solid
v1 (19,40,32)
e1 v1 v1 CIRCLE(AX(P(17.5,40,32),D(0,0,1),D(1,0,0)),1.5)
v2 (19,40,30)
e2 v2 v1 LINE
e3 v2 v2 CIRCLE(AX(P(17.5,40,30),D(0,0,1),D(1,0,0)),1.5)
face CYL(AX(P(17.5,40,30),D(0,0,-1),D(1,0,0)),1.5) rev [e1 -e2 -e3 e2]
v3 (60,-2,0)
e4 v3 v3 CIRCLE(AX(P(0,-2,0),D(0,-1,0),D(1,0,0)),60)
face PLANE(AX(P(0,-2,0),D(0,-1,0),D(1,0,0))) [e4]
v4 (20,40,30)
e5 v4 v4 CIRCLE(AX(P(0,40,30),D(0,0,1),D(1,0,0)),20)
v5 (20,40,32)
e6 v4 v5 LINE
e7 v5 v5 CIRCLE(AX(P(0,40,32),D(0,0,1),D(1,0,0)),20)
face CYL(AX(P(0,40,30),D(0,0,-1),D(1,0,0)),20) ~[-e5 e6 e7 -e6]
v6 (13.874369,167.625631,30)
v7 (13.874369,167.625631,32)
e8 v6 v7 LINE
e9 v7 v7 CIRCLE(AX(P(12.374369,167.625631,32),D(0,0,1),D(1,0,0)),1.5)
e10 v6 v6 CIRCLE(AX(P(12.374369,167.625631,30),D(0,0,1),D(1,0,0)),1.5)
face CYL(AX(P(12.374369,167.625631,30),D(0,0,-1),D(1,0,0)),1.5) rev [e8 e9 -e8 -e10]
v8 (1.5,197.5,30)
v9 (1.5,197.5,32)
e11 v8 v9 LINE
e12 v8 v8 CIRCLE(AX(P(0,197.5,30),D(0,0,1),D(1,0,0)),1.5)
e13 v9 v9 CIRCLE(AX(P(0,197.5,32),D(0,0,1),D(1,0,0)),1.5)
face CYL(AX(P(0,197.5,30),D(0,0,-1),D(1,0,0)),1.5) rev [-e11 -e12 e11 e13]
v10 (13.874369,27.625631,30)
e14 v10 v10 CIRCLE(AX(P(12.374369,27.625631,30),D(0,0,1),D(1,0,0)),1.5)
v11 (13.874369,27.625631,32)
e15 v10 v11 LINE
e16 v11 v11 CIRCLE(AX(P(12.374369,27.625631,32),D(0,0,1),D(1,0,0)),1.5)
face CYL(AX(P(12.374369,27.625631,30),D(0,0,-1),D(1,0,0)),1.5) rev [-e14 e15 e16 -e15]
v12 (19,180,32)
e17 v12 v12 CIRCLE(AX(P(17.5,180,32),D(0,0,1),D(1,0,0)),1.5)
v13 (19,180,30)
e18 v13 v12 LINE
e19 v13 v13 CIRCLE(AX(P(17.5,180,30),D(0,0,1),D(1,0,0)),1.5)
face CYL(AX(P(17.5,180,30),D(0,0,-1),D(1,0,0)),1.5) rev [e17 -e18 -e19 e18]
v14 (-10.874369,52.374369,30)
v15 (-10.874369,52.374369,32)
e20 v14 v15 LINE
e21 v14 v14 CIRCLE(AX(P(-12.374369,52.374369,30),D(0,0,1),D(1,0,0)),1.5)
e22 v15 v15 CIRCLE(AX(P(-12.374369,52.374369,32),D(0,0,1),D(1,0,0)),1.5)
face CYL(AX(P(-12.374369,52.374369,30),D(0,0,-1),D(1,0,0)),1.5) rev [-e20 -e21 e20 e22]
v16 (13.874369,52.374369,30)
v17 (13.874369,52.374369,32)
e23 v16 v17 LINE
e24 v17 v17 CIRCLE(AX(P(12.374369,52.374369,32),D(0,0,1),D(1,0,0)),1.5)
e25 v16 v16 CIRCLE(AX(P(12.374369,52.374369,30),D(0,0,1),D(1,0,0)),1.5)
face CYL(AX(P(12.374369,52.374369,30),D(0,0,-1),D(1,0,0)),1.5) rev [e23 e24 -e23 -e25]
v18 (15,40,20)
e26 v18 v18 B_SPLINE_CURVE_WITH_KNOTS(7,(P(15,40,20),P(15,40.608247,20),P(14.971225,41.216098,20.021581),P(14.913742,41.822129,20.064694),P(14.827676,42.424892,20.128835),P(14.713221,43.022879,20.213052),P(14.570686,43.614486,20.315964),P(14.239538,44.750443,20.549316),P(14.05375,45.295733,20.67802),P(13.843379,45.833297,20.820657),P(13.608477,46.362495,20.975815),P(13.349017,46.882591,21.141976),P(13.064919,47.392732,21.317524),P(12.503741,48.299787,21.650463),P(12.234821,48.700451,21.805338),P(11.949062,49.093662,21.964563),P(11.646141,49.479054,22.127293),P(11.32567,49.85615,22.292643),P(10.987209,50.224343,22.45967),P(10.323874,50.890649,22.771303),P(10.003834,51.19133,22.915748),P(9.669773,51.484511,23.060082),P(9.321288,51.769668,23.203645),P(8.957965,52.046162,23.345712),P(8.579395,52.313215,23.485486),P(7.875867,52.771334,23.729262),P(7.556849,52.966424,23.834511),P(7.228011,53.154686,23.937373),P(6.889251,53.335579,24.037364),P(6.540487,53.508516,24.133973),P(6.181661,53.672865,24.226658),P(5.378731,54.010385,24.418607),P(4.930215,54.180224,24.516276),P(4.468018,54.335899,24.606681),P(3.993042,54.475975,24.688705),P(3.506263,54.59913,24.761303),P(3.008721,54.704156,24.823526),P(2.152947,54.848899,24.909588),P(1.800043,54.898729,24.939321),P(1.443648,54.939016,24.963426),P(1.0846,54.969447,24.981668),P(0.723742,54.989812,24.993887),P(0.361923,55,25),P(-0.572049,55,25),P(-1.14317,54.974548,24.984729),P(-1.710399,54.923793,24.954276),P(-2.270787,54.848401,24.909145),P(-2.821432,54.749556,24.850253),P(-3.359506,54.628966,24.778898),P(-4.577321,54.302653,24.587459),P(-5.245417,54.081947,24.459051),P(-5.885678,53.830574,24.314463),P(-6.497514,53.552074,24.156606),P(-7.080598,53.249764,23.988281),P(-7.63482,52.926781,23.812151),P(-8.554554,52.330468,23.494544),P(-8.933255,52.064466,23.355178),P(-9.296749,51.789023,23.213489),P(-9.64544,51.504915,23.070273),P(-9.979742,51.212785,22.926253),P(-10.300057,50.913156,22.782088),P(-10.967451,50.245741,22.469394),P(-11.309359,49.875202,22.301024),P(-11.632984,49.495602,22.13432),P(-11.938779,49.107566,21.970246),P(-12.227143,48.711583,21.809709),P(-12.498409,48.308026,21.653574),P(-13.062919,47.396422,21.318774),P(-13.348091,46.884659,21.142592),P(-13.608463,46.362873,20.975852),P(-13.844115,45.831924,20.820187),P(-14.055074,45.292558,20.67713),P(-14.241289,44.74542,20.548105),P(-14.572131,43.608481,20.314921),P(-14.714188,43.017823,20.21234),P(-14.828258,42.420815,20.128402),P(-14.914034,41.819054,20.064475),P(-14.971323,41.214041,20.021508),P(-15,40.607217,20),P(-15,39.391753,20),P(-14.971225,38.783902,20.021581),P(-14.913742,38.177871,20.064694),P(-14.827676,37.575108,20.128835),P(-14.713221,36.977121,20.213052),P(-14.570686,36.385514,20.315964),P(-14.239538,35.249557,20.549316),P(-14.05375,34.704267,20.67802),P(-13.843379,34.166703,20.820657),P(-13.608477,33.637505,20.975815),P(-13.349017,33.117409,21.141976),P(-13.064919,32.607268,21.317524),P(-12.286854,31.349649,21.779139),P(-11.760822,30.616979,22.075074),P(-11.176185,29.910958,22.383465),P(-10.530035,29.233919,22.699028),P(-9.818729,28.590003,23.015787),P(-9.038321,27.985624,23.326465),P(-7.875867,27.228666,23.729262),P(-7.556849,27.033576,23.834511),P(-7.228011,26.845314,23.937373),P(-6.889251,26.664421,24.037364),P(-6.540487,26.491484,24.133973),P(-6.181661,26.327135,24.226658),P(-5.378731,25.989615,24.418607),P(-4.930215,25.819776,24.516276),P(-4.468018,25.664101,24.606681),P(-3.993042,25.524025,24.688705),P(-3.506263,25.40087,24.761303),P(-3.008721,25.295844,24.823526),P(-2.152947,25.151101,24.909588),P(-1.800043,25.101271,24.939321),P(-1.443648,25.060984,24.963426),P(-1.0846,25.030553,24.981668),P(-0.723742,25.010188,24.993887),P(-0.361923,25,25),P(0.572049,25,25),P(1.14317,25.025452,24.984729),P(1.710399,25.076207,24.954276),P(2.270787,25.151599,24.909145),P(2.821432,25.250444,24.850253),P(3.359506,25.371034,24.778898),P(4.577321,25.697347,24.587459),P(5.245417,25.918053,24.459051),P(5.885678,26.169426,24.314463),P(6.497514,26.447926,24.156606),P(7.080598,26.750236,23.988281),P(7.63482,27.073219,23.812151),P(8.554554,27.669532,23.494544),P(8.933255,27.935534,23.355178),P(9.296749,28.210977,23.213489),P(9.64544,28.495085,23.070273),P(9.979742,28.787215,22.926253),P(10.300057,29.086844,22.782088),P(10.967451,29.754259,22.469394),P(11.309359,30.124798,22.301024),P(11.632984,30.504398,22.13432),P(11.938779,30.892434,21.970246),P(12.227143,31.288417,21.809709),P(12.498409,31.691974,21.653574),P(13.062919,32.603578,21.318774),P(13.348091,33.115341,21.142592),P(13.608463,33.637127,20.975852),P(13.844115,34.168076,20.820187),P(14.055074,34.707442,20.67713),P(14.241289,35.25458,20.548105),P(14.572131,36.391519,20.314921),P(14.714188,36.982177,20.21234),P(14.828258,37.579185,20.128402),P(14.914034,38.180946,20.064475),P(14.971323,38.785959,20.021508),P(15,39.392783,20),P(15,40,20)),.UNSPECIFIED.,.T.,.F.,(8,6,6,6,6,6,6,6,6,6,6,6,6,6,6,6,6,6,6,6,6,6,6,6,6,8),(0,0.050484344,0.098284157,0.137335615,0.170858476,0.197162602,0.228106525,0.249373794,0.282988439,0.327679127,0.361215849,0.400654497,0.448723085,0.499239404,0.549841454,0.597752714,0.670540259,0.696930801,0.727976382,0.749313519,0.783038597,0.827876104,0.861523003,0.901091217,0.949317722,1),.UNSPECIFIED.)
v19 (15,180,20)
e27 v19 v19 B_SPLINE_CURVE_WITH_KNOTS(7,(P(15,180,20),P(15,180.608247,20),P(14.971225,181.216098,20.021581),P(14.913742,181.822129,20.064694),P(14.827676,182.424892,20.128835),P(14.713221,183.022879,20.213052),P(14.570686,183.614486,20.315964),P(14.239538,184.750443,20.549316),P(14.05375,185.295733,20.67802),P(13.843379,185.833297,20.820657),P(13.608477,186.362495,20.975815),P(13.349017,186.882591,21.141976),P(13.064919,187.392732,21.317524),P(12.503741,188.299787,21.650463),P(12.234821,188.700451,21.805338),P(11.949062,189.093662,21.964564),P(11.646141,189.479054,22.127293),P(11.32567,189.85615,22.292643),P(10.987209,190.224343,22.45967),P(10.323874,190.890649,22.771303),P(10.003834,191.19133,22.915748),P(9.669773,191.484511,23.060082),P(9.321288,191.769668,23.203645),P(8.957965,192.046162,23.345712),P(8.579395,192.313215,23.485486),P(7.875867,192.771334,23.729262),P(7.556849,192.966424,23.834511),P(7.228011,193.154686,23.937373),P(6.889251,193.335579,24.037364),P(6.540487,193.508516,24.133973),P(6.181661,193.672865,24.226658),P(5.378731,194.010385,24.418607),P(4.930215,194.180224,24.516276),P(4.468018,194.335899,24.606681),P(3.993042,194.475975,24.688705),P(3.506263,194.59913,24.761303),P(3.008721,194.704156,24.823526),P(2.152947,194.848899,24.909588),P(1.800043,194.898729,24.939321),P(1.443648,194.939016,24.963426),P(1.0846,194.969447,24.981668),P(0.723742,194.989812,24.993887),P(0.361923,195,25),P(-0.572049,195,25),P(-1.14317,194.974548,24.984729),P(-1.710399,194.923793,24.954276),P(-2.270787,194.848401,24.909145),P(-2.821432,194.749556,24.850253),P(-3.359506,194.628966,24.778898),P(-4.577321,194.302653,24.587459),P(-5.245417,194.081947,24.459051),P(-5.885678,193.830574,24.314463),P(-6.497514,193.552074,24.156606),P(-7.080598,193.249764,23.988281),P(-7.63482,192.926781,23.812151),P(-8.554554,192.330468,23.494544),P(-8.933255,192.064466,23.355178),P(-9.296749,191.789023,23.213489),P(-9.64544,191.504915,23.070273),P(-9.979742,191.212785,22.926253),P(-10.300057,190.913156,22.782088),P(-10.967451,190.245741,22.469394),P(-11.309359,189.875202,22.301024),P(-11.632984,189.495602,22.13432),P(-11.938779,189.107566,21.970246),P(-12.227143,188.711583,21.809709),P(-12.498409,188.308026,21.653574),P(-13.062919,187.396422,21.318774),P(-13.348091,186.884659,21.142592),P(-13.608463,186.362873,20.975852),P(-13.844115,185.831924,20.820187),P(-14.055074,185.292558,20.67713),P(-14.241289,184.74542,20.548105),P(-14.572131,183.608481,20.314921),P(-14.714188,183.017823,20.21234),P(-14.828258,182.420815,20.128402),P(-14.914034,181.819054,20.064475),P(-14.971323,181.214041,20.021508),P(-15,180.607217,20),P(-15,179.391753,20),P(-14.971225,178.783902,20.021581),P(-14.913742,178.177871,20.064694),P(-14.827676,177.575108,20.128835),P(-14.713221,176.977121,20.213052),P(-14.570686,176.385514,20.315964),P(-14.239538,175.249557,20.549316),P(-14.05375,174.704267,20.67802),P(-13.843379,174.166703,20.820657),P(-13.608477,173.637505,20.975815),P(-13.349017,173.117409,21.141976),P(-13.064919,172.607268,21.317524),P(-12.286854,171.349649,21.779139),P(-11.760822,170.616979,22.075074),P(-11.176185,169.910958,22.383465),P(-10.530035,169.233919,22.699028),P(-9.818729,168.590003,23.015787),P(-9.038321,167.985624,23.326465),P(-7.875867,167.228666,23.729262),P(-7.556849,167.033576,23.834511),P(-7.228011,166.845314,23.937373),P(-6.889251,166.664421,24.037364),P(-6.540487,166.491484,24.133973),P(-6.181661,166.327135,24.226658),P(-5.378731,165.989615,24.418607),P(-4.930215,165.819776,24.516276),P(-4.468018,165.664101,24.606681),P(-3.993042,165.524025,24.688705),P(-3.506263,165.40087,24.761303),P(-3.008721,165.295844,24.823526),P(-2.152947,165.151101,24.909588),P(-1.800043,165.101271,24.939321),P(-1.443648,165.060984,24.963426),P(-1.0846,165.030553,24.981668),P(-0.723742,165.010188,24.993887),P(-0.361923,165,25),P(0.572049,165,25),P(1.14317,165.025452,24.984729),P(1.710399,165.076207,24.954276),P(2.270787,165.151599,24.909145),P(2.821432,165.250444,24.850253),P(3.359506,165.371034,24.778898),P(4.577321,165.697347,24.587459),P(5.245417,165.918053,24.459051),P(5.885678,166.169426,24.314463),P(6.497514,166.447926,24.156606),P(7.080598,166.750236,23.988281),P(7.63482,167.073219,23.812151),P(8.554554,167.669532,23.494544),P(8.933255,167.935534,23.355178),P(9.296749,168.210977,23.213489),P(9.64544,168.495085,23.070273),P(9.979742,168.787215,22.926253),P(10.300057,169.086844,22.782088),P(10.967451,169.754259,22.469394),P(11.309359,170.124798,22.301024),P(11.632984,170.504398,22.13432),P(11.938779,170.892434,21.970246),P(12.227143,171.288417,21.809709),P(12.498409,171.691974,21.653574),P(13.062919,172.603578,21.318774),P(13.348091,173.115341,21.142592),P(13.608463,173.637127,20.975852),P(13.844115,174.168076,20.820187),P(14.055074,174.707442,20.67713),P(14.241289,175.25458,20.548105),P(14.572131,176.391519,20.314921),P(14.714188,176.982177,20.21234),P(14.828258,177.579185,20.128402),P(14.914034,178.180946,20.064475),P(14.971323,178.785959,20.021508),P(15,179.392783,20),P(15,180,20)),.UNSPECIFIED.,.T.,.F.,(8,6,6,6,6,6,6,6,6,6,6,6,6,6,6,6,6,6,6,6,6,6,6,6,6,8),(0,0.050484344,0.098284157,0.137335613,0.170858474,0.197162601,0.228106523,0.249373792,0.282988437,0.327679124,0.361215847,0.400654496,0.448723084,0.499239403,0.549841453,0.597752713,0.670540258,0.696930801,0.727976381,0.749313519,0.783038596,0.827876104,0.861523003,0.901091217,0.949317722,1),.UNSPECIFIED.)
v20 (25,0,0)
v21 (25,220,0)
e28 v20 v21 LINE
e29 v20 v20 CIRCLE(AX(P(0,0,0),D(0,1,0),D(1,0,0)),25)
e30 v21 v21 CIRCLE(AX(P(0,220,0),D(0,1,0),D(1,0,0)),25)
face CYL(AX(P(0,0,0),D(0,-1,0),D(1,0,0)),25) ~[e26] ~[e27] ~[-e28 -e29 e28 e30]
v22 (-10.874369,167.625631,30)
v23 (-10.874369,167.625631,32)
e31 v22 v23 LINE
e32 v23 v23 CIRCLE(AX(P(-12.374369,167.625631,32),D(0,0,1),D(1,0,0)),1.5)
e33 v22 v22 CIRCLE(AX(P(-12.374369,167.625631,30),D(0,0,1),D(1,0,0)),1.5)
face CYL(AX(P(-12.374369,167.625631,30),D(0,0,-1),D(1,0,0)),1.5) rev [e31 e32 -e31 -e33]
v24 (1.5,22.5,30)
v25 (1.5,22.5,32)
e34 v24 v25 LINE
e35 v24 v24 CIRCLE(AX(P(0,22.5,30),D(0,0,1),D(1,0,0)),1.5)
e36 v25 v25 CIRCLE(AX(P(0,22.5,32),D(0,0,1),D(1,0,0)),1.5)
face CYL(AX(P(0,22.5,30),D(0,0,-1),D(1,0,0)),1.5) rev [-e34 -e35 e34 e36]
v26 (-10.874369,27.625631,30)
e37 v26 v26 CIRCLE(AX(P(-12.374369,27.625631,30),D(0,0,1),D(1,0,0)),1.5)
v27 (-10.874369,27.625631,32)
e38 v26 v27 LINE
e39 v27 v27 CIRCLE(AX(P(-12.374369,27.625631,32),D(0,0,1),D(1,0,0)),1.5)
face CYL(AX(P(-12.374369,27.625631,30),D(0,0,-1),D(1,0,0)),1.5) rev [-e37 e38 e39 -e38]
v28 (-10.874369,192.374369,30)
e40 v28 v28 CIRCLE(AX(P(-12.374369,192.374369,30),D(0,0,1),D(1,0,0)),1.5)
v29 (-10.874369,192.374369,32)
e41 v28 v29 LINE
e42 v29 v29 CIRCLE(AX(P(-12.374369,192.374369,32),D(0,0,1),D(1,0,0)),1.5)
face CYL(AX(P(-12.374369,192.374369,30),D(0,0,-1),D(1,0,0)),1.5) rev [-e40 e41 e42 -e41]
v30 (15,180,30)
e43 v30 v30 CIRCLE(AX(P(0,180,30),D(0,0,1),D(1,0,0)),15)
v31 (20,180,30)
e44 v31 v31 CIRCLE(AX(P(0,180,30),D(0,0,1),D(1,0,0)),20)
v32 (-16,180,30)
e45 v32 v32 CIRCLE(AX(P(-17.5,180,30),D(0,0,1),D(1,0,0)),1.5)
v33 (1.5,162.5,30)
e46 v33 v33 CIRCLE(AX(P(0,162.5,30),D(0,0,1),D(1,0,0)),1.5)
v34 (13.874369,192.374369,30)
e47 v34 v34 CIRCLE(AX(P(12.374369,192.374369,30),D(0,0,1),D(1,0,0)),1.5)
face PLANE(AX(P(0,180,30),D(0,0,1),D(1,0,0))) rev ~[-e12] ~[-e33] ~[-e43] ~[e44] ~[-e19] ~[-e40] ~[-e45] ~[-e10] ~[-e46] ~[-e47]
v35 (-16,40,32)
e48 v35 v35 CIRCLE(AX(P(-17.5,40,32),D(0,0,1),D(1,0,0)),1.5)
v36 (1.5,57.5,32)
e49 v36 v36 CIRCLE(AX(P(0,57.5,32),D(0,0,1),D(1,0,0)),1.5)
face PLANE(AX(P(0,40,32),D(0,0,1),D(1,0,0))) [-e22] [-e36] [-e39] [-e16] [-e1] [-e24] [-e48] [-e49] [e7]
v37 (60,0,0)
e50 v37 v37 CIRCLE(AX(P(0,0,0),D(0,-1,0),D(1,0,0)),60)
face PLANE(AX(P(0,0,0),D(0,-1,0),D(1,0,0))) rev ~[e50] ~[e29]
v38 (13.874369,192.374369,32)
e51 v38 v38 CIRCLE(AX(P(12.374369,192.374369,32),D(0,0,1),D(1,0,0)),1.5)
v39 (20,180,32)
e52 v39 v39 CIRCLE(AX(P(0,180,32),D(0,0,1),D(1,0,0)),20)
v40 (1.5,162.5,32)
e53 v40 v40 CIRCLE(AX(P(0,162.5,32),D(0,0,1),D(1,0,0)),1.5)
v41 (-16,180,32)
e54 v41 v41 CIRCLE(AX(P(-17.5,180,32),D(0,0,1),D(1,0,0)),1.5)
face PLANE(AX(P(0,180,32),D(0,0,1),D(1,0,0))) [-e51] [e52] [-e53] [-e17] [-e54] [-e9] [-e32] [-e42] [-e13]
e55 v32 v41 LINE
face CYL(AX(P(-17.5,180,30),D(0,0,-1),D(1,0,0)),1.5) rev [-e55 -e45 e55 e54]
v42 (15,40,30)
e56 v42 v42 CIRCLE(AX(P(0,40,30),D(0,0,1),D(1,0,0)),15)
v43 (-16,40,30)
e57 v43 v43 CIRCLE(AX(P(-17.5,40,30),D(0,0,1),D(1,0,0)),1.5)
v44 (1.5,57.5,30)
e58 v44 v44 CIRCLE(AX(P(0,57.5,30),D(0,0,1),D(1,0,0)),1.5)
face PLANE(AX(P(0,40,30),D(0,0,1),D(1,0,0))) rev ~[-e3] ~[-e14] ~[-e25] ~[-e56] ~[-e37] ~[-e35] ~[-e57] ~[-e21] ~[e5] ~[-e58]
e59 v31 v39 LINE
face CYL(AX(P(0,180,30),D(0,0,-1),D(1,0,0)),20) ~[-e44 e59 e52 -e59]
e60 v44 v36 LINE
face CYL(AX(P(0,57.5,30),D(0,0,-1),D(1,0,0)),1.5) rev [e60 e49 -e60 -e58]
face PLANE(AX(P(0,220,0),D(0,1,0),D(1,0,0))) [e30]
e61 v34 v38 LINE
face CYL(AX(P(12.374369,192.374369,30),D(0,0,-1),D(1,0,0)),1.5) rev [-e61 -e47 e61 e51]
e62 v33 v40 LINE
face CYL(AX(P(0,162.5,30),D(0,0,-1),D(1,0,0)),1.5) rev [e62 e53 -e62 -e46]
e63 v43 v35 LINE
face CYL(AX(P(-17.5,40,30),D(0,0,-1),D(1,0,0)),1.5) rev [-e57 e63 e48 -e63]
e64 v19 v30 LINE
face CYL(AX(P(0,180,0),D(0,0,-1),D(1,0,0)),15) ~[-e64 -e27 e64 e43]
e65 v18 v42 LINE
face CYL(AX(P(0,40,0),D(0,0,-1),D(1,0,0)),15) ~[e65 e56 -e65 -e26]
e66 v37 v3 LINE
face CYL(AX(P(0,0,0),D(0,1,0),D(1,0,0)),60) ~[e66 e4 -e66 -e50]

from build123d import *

# Parameters (mm, degrees)
SKETCH1_R           = 25
BOSS_EXTRUDE1_DEPTH = 220
SKETCH2_R           = 15
BOSS_EXTRUDE2_DEPTH = 30
SKETCH3_R           = 20
SKETCH3_R_2         = 1.5
BOSS_EXTRUDE4_DEPTH = 2
SKETCH4_R           = 60
BOSS_EXTRUDE5_DEPTH = 2


with BuildPart() as part:
    # Sketch1 → Boss-Extrude1 (new body)
    with BuildSketch(Plane(origin=(0, 0, 0), x_dir=(1, 0, 0), z_dir=(0, 1, 0))):
        Circle(SKETCH1_R)
    extrude(amount=BOSS_EXTRUDE1_DEPTH)

    # Sketch2 → Boss-Extrude2 (add)
    with BuildSketch(Plane.XY):
        with Locations((0, 180)):
            Circle(SKETCH2_R)
        with Locations((0, 40)):
            Circle(SKETCH2_R)
    extrude(amount=BOSS_EXTRUDE2_DEPTH)

    # Sketch3 → Boss-Extrude4 (add)
    with BuildSketch(Plane.XY.offset(30)):
        with Locations((0, 180)):
            Circle(SKETCH3_R)
        with Locations((0, 197.5)):
            Circle(SKETCH3_R_2, mode=Mode.SUBTRACT)
        with Locations((12.374368671, 192.374368671)):
            Circle(SKETCH3_R_2, mode=Mode.SUBTRACT)
        with Locations((17.5, 180)):
            Circle(SKETCH3_R_2, mode=Mode.SUBTRACT)
        with Locations((12.374368671, 167.625631329)):
            Circle(SKETCH3_R_2, mode=Mode.SUBTRACT)
        with Locations((0, 162.5)):
            Circle(SKETCH3_R_2, mode=Mode.SUBTRACT)
        with Locations((-12.374368671, 167.625631329)):
            Circle(SKETCH3_R_2, mode=Mode.SUBTRACT)
        with Locations((-17.5, 180)):
            Circle(SKETCH3_R_2, mode=Mode.SUBTRACT)
        with Locations((-12.374368671, 192.374368671)):
            Circle(SKETCH3_R_2, mode=Mode.SUBTRACT)
        with Locations((0, 40)):
            Circle(SKETCH3_R)
        with Locations((0, 57.5)):
            Circle(SKETCH3_R_2, mode=Mode.SUBTRACT)
        with Locations((12.374368671, 52.374368671)):
            Circle(SKETCH3_R_2, mode=Mode.SUBTRACT)
        with Locations((17.5, 40)):
            Circle(SKETCH3_R_2, mode=Mode.SUBTRACT)
        with Locations((12.374368671, 27.625631329)):
            Circle(SKETCH3_R_2, mode=Mode.SUBTRACT)
        with Locations((0, 22.5)):
            Circle(SKETCH3_R_2, mode=Mode.SUBTRACT)
        with Locations((-12.374368671, 27.625631329)):
            Circle(SKETCH3_R_2, mode=Mode.SUBTRACT)
        with Locations((-17.5, 40)):
            Circle(SKETCH3_R_2, mode=Mode.SUBTRACT)
        with Locations((-12.374368671, 52.374368671)):
            Circle(SKETCH3_R_2, mode=Mode.SUBTRACT)
    extrude(amount=BOSS_EXTRUDE4_DEPTH)

    # Sketch4 → Boss-Extrude5 (add)
    with BuildSketch(Plane.XZ):
        Circle(SKETCH4_R)
    extrude(amount=BOSS_EXTRUDE5_DEPTH)


solid = part.part
